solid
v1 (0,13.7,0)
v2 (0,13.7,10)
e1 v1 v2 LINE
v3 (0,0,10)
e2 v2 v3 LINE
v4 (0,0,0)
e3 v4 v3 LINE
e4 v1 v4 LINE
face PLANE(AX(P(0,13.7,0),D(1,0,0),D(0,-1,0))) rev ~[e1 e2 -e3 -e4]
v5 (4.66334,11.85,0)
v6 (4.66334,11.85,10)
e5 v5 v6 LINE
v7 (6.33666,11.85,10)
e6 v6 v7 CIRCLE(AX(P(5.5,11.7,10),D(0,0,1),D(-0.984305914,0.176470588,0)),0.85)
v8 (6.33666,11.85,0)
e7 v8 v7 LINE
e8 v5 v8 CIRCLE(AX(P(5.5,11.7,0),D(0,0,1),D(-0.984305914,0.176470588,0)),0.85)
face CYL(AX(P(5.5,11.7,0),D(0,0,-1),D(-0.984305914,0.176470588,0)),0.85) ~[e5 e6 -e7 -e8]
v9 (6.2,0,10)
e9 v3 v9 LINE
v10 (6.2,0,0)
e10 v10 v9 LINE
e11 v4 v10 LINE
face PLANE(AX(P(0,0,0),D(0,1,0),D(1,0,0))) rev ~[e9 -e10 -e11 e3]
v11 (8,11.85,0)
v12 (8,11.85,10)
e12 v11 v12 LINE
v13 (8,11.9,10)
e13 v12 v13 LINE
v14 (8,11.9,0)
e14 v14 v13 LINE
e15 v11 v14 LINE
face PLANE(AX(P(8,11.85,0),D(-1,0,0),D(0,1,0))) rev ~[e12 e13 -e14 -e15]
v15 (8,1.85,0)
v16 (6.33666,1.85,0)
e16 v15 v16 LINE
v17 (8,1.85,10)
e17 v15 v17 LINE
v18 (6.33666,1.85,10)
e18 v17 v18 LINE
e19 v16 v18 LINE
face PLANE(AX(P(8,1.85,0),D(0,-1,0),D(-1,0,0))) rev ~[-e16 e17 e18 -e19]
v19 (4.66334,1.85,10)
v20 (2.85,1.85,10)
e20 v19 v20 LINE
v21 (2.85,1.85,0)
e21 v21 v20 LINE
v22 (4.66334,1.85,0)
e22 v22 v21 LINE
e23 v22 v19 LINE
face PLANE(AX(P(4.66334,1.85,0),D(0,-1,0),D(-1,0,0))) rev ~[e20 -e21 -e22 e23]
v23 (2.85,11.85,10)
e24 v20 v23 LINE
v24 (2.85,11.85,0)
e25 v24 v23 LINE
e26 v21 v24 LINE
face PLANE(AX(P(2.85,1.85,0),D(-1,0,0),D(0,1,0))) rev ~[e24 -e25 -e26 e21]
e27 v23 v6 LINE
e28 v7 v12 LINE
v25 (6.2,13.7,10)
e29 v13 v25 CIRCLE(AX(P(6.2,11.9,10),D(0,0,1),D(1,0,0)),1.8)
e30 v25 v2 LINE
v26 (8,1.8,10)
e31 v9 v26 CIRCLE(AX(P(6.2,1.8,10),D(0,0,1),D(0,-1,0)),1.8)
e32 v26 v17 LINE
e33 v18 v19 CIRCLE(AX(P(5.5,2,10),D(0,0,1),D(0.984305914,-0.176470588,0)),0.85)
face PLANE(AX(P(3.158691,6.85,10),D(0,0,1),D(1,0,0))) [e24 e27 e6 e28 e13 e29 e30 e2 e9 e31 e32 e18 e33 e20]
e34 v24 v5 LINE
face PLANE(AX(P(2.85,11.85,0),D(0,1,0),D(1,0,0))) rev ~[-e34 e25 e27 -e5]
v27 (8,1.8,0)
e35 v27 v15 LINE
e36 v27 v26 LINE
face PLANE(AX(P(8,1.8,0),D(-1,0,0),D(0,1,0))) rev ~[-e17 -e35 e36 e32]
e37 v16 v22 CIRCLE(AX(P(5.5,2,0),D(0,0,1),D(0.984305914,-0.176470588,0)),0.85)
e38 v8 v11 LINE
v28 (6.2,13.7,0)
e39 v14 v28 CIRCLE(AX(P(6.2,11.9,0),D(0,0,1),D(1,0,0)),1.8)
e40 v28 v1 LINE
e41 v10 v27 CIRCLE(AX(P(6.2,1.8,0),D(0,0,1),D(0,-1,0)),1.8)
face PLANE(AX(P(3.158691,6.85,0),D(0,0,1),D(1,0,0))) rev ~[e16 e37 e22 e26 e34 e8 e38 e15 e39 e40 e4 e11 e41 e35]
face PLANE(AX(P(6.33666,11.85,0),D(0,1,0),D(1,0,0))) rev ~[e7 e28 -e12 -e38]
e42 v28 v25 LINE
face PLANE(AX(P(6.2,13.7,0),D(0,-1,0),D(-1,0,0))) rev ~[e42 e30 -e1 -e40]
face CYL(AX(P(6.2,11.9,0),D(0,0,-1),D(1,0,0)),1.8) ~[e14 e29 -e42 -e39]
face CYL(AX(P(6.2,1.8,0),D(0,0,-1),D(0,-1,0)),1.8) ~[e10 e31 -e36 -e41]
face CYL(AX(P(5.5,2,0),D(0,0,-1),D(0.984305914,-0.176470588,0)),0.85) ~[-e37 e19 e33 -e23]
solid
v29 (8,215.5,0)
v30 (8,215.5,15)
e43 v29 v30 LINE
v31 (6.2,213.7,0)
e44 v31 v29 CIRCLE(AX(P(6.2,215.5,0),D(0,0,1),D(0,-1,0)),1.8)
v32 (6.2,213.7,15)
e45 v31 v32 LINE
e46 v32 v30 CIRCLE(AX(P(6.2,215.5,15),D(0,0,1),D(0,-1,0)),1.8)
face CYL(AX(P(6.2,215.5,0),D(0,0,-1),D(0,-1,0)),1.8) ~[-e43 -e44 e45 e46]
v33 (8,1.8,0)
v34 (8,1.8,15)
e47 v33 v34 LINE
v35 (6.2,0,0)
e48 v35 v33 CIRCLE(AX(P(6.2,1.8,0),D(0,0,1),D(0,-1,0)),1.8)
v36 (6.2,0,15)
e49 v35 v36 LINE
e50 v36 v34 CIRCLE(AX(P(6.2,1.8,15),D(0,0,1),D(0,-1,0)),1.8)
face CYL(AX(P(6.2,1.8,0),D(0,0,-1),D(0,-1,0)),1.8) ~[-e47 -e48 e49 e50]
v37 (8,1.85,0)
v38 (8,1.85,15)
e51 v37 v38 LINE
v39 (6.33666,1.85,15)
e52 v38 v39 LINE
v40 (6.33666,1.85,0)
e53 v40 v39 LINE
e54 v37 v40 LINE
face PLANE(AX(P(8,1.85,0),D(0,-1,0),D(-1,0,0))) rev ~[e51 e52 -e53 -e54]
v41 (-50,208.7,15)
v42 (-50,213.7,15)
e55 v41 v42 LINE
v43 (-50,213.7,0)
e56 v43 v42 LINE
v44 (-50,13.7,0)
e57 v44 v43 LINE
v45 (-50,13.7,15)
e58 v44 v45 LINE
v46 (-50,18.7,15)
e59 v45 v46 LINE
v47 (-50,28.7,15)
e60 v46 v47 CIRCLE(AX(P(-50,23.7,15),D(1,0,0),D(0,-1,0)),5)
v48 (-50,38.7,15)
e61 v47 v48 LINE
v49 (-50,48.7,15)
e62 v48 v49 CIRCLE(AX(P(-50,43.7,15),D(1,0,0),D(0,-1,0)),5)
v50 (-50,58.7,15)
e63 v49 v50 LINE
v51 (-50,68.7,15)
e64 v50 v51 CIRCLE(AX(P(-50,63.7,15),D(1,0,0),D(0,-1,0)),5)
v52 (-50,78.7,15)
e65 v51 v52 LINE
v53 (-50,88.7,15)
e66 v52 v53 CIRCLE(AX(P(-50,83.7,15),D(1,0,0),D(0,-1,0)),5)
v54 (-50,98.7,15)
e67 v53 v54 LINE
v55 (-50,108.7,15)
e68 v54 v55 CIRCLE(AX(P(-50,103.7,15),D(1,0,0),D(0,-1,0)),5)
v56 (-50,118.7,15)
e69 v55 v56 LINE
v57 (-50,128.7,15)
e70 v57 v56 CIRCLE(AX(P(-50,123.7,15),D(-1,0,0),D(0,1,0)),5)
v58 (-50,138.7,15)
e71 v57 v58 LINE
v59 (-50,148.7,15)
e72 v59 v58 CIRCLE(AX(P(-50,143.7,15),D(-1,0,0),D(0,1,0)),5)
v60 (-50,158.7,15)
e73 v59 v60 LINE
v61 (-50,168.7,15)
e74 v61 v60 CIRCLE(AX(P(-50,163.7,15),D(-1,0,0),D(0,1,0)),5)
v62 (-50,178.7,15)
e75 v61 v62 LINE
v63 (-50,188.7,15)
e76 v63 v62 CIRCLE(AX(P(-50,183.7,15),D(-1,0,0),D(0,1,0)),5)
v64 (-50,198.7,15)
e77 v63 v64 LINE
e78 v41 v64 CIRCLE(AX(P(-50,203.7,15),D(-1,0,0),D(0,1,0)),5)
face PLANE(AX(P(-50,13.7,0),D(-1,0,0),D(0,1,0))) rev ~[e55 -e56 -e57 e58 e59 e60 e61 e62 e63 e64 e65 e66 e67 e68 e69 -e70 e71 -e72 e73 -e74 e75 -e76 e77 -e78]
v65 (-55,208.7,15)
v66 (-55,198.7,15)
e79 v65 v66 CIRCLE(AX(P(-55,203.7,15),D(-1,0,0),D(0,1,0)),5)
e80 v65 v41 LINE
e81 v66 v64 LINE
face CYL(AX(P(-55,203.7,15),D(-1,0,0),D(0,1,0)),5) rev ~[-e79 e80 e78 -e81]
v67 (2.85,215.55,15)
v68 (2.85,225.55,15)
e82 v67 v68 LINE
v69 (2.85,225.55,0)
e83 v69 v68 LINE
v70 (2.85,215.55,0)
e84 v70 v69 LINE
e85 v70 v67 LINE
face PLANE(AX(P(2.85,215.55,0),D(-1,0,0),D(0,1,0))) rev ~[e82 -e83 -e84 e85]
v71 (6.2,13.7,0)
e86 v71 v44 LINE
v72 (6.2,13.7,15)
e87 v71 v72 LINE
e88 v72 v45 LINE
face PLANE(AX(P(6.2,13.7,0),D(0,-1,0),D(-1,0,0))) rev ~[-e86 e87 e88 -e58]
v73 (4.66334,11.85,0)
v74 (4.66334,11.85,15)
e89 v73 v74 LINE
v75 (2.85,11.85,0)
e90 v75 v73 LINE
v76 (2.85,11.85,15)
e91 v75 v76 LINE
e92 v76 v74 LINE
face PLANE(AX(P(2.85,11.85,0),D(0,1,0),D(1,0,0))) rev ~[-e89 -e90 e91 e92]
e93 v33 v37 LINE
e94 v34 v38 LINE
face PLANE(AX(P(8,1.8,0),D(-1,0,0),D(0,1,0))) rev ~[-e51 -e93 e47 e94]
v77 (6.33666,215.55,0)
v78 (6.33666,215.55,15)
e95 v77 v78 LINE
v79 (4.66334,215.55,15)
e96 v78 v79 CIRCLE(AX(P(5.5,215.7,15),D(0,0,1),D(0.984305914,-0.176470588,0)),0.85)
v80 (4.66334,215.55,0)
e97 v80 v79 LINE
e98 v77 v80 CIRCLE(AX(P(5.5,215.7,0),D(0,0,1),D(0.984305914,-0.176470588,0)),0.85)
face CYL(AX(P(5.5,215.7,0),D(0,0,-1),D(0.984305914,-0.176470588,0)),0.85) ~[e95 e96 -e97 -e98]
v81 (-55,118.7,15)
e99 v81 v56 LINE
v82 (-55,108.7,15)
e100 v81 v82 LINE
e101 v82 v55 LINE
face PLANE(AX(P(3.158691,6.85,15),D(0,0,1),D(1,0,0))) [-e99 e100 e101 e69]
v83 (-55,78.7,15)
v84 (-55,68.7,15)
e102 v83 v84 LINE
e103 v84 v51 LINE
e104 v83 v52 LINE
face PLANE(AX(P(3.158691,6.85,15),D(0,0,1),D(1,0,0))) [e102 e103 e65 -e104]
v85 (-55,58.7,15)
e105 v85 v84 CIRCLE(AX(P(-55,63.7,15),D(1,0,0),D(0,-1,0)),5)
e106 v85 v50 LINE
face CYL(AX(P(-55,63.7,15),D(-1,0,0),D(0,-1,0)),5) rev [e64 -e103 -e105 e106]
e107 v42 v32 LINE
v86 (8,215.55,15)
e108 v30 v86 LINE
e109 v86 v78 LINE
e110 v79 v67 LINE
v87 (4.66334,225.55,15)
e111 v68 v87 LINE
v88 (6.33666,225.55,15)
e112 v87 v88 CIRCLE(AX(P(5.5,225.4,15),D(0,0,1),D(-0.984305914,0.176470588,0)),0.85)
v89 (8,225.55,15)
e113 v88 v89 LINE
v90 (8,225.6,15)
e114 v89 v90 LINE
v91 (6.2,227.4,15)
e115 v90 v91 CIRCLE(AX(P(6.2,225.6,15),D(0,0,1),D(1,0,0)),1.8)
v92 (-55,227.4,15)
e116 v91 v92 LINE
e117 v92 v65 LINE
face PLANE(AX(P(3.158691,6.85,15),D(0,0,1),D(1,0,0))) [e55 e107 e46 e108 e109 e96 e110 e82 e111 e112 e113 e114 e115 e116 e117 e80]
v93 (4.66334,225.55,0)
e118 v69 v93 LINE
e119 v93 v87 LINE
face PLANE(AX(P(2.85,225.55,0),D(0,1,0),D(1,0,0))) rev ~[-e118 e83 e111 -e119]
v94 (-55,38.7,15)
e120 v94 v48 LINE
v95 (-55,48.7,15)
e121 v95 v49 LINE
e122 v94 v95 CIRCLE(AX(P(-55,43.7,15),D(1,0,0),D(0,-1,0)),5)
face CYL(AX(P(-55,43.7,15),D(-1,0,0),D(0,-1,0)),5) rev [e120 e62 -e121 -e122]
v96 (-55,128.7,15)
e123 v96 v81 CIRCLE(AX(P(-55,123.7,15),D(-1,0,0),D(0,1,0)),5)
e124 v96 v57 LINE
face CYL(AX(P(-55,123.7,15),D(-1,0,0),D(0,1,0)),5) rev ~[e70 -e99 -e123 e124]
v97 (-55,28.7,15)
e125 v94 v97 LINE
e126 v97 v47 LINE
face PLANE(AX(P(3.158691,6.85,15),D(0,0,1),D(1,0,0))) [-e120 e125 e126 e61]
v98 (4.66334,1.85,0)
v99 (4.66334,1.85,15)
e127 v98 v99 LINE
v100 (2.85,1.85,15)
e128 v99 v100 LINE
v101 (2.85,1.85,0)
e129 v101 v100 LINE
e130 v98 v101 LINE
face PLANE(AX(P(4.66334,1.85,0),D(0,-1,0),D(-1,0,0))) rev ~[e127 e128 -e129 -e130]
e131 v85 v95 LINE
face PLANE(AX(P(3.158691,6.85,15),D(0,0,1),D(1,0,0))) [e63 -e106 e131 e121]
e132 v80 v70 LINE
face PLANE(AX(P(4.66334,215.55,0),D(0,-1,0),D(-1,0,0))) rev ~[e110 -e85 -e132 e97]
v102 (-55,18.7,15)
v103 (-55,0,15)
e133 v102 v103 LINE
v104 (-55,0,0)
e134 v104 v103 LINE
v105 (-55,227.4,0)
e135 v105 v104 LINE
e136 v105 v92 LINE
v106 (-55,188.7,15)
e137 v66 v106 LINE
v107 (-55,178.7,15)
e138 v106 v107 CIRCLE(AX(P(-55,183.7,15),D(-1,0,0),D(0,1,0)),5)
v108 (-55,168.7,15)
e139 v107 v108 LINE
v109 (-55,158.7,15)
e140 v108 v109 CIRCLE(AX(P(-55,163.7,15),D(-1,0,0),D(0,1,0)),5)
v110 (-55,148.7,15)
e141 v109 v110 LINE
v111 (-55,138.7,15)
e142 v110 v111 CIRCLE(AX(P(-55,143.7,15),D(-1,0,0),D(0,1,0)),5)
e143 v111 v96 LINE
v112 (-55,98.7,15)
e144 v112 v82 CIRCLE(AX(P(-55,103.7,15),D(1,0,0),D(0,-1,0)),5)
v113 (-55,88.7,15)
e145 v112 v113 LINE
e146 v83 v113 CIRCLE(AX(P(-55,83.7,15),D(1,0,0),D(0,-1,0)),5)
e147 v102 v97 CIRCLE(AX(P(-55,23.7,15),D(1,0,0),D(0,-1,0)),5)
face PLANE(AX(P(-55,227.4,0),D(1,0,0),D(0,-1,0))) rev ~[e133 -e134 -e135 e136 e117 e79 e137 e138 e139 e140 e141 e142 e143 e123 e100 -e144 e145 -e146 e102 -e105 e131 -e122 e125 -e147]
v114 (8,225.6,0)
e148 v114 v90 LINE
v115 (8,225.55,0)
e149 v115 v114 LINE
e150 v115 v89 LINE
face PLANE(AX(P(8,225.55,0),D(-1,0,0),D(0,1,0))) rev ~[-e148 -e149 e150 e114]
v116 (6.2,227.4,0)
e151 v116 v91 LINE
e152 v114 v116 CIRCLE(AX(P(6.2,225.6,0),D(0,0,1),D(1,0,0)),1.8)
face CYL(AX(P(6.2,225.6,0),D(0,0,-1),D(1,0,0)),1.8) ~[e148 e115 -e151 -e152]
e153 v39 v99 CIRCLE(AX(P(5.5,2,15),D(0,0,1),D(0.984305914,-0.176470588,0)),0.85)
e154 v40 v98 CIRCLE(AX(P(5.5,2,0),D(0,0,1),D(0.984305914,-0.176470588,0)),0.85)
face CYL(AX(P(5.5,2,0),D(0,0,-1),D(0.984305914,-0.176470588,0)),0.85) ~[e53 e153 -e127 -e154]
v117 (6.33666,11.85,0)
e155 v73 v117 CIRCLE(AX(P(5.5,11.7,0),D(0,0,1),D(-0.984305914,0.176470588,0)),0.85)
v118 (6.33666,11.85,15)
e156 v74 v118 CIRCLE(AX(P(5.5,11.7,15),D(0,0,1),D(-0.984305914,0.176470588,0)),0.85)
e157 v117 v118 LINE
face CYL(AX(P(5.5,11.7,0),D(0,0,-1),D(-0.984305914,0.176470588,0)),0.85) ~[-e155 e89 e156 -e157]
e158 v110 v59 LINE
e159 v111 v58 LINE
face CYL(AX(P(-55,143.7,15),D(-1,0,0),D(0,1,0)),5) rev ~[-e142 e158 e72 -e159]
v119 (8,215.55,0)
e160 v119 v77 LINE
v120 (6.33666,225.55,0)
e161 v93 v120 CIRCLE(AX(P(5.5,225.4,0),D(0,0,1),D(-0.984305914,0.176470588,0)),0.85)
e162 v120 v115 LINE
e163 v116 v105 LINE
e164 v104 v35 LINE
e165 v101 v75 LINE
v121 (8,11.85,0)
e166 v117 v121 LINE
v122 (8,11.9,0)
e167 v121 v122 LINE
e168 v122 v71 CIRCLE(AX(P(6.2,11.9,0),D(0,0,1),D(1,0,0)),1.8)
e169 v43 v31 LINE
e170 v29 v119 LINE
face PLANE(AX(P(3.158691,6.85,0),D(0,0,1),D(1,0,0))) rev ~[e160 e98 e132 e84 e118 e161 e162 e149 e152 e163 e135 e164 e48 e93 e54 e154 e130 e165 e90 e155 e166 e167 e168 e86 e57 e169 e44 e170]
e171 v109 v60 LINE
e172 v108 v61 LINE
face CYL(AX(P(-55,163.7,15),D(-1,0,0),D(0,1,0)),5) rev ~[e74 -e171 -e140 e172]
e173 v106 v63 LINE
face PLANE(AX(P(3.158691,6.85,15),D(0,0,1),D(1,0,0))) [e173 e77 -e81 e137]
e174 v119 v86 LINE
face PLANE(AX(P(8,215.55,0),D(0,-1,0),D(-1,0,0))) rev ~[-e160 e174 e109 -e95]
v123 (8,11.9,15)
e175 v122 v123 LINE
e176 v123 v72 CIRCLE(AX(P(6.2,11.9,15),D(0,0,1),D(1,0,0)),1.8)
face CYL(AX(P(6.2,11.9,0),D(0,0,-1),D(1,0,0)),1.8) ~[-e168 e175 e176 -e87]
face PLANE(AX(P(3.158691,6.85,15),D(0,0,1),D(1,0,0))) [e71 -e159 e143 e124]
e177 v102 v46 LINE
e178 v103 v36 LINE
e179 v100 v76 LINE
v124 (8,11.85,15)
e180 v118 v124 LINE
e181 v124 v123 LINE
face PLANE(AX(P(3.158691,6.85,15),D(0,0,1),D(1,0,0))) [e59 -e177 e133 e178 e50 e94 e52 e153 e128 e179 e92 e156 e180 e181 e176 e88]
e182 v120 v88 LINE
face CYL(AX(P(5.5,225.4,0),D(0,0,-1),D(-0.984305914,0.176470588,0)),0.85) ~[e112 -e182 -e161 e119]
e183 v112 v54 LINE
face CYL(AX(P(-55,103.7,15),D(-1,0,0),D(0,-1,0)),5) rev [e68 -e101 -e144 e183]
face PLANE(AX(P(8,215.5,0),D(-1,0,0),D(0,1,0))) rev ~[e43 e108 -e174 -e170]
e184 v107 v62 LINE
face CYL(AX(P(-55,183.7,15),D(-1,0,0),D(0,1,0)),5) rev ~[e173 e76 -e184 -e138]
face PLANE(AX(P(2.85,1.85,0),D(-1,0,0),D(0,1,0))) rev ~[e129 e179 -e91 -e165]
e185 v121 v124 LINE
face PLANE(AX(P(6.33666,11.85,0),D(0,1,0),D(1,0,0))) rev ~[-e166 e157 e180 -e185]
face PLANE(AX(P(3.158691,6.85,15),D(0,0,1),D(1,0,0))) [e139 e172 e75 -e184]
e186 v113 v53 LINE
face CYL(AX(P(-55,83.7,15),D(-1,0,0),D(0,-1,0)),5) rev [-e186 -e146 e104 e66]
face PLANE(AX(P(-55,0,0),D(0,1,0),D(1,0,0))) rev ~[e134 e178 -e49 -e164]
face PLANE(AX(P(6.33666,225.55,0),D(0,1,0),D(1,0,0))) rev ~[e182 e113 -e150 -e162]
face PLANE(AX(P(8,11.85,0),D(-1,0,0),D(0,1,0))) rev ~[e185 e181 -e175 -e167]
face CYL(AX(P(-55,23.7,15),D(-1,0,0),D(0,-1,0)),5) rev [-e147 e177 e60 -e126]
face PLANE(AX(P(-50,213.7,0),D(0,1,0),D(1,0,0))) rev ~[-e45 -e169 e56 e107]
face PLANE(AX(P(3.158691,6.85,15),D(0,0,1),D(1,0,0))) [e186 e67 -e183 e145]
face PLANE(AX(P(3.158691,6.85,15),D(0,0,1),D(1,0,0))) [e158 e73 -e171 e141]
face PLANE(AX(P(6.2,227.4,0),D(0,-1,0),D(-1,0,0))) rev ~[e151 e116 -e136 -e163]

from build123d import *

# Parameters (mm, degrees)
BOSS_EXTRUDE1_DEPTH = 10
BOSS_EXTRUDE2_DEPTH = 15
CUT_EXTRUDE4_DEPTH  = 5


with BuildPart() as part:
    # Sketch4 → Boss-Extrude1 (new body)
    with BuildSketch(Plane.XY):
        with BuildLine():
            Line((0, 13.7), (0, 0))
            Line((0, 0), (6.2, 0))
            ThreePointArc((6.2, 0), (7.472792206, 0.527207794), (8, 1.8))
            Line((8, 1.8), (8, 1.85))
            Line((8, 1.85), (6.336660027, 1.85))
            Line((6.336660027, 1.85), (4.663339973, 1.85))
            Line((4.663339973, 1.85), (2.85, 1.85))
            Line((2.85, 1.85), (2.85, 11.85))
            Line((2.85, 11.85), (4.663339973, 11.85))
            Line((4.663339973, 11.85), (6.336660027, 11.85))
            Line((6.336660027, 11.85), (8, 11.85))
            Line((8, 11.85), (8, 11.9))
            ThreePointArc((8, 11.9), (7.472792206, 13.172792206), (6.2, 13.7))
            Line((6.2, 13.7), (0, 13.7))
        make_face()
        with BuildLine():
            ThreePointArc((4.663339973, 11.85), (5.5, 10.85), (6.336660027, 11.85))
            Line((6.336660027, 11.85), (4.663339973, 11.85))
        make_face()
        with BuildLine():
            Line((4.663339973, 1.85), (6.336660027, 1.85))
            ThreePointArc((6.336660027, 1.85), (5.5, 2.85), (4.663339973, 1.85))
        make_face()
    extrude(amount=BOSS_EXTRUDE1_DEPTH)


with BuildPart() as body_2:
    # Sketch4<5> → Boss-Extrude2 (new body)
    with BuildSketch(Plane.XY):
        with BuildLine():
            Line((0, 13.7), (0, 0))
            Line((0, 0), (6.2, 0))
            ThreePointArc((6.2, 0), (7.472792206, 0.527207794), (8, 1.8))
            Line((8, 1.8), (8, 1.85))
            Line((8, 1.85), (6.336660027, 1.85))
            Line((6.336660027, 1.85), (4.663339973, 1.85))
            Line((4.663339973, 1.85), (2.85, 1.85))
            Line((2.85, 1.85), (2.85, 11.85))
            Line((2.85, 11.85), (4.663339973, 11.85))
            Line((4.663339973, 11.85), (6.336660027, 11.85))
            Line((6.336660027, 11.85), (8, 11.85))
            Line((8, 11.85), (8, 11.9))
            ThreePointArc((8, 11.9), (7.472792206, 13.172792206), (6.2, 13.7))
            Line((6.2, 13.7), (0, 13.7))
        make_face()
        Polygon((-55, 0), (0, 0), (0, 13.7), (-50, 13.7), (-50, 113.7), (-55, 113.7), align=None)
        Polygon((-55, 227.4), (-55, 113.7), (-50, 113.7), (-50, 213.7), (0, 213.7), (0, 227.4), align=None)
        with BuildLine():
            Line((6.2, 227.4), (0, 227.4))
            Line((0, 227.4), (0, 213.7))
            Line((0, 213.7), (6.2, 213.7))
            ThreePointArc((6.2, 213.7), (7.472792206, 214.227207794), (8, 215.5))
            Line((8, 215.5), (8, 215.55))
            Line((8, 215.55), (6.336660027, 215.55))
            Line((6.336660027, 215.55), (4.663339973, 215.55))
            Line((4.663339973, 215.55), (2.85, 215.55))
            Line((2.85, 215.55), (2.85, 225.55))
            Line((2.85, 225.55), (4.663339973, 225.55))
            Line((4.663339973, 225.55), (6.336660027, 225.55))
            Line((6.336660027, 225.55), (8, 225.55))
            Line((8, 225.55), (8, 225.6))
            ThreePointArc((8, 225.6), (7.472792206, 226.872792206), (6.2, 227.4))
        make_face()
        with BuildLine():
            ThreePointArc((4.663339973, 225.55), (5.5, 224.55), (6.336660027, 225.55))
            Line((6.336660027, 225.55), (4.663339973, 225.55))
        make_face()
        with BuildLine():
            Line((4.663339973, 215.55), (6.336660027, 215.55))
            ThreePointArc((6.336660027, 215.55), (5.5, 216.55), (4.663339973, 215.55))
        make_face()
        with BuildLine():
            Line((4.663339973, 1.85), (6.336660027, 1.85))
            ThreePointArc((6.336660027, 1.85), (5.5, 2.85), (4.663339973, 1.85))
        make_face()
        with BuildLine():
            ThreePointArc((4.663339973, 11.85), (5.5, 10.85), (6.336660027, 11.85))
            Line((6.336660027, 11.85), (4.663339973, 11.85))
        make_face()
    extrude(amount=BOSS_EXTRUDE2_DEPTH)

    # Sketch5 → Cut-Extrude4 (cut)
    with BuildSketch(Plane.ZY.offset(55)):
        with BuildLine():
            Line((15, 88.7), (15, 78.7))
            ThreePointArc((15, 78.7), (10, 83.7), (15, 88.7))
        make_face()
        with BuildLine():
            Line((15, 108.7), (15, 98.7))
            ThreePointArc((15, 98.7), (10, 103.7), (15, 108.7))
        make_face()
        with BuildLine():
            Line((15, 68.7), (15, 58.7))
            ThreePointArc((15, 58.7), (10, 63.7), (15, 68.7))
        make_face()
        with BuildLine():
            Line((15, 48.7), (15, 38.7))
            ThreePointArc((15, 38.7), (10, 43.7), (15, 48.7))
        make_face()
        with BuildLine():
            Line((15, 28.7), (15, 18.7))
            ThreePointArc((15, 18.7), (10, 23.7), (15, 28.7))
        make_face()
        with BuildLine():
            Line((15, 118.7), (15, 128.7))
            ThreePointArc((15, 128.7), (10, 123.7), (15, 118.7))
        make_face()
        with BuildLine():
            Line((15, 198.7), (15, 208.7))
            ThreePointArc((15, 208.7), (10, 203.7), (15, 198.7))
        make_face()
        with BuildLine():
            Line((15, 178.7), (15, 188.7))
            ThreePointArc((15, 188.7), (10, 183.7), (15, 178.7))
        make_face()
        with BuildLine():
            Line((15, 158.7), (15, 168.7))
            ThreePointArc((15, 168.7), (10, 163.7), (15, 158.7))
        make_face()
        with BuildLine():
            Line((15, 138.7), (15, 148.7))
            ThreePointArc((15, 148.7), (10, 143.7), (15, 138.7))
        make_face()
    extrude(amount=-CUT_EXTRUDE4_DEPTH, mode=Mode.SUBTRACT)


solid = Compound([part.part, body_2.part])
